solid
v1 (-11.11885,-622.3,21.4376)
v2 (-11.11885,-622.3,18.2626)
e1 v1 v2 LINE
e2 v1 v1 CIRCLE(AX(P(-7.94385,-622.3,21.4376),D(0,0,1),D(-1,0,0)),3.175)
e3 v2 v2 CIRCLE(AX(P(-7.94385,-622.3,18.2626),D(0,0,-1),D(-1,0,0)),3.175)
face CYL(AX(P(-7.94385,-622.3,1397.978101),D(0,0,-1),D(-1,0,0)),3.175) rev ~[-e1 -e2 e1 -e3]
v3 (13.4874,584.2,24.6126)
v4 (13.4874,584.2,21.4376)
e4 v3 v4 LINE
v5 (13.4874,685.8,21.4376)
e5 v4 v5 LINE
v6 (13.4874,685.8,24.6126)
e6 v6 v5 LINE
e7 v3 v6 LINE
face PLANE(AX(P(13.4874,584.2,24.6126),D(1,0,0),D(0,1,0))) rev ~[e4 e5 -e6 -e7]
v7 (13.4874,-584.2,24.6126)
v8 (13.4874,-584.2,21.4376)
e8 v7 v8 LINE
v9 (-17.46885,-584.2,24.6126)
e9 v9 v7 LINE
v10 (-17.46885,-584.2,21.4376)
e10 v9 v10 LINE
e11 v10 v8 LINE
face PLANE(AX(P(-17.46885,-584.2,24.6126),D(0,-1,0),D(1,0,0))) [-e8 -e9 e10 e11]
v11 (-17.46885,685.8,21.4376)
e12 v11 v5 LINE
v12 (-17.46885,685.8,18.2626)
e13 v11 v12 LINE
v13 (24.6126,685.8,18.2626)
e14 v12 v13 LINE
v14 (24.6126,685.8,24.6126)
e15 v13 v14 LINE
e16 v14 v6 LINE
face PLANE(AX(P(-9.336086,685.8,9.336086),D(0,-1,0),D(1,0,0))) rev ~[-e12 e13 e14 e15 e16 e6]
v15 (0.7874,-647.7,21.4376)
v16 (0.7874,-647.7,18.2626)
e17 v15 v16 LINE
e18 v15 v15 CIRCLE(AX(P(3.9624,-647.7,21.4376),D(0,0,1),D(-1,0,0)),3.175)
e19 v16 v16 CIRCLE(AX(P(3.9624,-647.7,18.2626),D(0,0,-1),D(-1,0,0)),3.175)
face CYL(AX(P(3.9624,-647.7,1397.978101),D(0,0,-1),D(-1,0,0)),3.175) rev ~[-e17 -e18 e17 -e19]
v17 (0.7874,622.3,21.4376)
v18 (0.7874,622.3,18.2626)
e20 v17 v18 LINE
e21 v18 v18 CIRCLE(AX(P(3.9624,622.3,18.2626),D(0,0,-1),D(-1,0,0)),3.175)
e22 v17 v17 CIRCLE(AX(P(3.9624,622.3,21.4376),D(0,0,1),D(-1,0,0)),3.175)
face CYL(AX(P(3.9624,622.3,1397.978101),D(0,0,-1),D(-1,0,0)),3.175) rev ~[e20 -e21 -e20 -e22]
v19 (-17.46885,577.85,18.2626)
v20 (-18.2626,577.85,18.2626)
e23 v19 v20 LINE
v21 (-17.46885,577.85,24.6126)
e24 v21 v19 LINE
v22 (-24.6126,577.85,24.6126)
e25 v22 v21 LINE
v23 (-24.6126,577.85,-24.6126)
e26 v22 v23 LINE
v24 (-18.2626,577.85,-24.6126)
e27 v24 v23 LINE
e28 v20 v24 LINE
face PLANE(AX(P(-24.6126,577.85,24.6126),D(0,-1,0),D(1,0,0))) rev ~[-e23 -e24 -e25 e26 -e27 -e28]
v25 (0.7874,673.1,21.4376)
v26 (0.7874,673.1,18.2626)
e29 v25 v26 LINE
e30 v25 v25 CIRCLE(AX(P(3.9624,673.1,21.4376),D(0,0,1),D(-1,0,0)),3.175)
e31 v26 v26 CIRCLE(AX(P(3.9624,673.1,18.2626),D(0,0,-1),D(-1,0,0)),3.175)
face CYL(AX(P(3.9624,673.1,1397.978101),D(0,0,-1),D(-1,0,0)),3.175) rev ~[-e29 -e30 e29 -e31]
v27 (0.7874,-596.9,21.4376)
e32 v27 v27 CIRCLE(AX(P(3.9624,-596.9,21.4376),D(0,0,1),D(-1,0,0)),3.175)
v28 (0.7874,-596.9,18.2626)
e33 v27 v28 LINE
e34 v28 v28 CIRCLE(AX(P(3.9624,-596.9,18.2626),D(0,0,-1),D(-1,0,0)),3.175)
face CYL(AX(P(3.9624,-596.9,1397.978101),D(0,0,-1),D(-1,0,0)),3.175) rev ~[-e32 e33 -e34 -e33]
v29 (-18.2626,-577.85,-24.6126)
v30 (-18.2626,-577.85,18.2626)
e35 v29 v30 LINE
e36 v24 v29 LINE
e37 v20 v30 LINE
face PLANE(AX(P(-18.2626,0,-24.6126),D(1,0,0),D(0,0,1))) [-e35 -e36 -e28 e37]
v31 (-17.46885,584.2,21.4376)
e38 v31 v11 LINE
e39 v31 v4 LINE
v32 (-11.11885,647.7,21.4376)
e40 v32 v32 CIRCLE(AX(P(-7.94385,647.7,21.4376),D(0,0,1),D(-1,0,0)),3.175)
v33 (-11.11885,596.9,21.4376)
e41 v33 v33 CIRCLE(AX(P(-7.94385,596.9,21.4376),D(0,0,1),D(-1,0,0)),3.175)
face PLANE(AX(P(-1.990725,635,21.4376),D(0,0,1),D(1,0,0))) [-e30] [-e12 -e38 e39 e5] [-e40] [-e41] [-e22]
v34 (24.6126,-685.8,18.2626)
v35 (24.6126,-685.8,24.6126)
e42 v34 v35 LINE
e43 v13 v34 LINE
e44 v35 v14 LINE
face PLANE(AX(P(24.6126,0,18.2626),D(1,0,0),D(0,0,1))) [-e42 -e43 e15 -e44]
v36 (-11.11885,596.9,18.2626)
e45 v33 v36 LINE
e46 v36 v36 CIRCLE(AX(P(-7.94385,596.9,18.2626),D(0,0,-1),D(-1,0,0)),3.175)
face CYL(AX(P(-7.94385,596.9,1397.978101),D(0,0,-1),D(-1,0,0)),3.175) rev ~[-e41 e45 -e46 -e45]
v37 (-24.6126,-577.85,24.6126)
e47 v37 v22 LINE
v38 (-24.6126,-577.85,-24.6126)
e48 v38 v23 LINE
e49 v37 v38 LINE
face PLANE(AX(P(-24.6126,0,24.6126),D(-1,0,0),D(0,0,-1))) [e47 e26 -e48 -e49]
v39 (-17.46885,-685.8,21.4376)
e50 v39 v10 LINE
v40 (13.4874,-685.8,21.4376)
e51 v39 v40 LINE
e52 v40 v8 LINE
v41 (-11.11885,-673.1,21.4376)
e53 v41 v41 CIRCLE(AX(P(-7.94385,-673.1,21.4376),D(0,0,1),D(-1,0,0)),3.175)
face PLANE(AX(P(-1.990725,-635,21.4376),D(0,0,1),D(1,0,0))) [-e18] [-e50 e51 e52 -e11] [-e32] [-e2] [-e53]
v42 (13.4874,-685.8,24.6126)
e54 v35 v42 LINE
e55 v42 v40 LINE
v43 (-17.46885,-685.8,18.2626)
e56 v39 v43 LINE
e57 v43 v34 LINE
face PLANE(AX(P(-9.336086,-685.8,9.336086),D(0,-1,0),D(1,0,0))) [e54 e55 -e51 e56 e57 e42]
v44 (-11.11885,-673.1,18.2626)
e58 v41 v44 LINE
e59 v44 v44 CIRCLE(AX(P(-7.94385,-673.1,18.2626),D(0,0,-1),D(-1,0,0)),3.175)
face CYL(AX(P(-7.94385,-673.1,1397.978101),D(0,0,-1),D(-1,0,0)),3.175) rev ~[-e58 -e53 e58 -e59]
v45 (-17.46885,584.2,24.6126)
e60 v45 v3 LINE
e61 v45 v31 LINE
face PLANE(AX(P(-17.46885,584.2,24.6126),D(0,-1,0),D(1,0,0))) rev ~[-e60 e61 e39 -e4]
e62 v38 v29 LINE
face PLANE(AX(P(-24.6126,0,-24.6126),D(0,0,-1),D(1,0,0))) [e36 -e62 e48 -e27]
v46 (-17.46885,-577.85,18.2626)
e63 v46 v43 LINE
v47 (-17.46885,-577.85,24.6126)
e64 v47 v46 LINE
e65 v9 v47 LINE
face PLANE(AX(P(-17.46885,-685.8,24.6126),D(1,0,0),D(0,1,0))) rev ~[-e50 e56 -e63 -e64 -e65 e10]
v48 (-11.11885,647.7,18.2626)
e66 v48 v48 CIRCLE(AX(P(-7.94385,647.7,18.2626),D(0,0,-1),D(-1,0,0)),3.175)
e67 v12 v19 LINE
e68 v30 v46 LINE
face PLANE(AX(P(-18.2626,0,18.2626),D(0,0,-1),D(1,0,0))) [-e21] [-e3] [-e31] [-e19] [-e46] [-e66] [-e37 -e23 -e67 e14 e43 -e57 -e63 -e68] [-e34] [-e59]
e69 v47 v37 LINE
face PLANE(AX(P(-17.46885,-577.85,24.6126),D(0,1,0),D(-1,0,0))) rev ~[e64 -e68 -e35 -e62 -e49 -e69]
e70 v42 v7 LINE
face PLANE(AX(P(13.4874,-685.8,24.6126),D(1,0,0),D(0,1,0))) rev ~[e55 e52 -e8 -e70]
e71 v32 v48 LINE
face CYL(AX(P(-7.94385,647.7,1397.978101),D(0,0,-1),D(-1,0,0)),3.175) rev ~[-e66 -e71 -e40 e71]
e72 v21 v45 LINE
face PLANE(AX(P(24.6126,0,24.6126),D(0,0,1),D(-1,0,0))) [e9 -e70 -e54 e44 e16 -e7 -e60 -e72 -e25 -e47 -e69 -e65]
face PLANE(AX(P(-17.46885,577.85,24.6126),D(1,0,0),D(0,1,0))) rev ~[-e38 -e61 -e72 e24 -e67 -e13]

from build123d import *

# Parameters (mm, degrees)
F1_DEPTH = 685.8
F2_W     = 30.95625
F2_H     = 101.6
F2_R     = 3.175
F3_DEPTH = 3.175
F4_DEPTH = 49.2262
F5_D     = 6.35


with BuildPart() as f1:
    # F0 (on Front) → F1 (new body, symmetric)
    with BuildSketch(Plane.XZ):
        Polygon((-24.6126, -24.6126), (-18.2626, -24.6126), (-18.2626, 18.2626), (24.6126, 18.2626), (24.6126, 24.6126), (-24.6126, 24.6126), align=None)
    extrude(amount=F1_DEPTH, both=True)

    # F2 (on face) → F3 (cut)
    with BuildSketch(Plane.XY.offset(24.6126)):
        with Locations((-1.990725, -635)):
            Rectangle(F2_W, F2_H)
        with Locations((-7.94385, -673.1)):
            Circle(F2_R, mode=Mode.SUBTRACT)
        with Locations((-7.94385, -622.3)):
            Circle(F2_R, mode=Mode.SUBTRACT)
        with Locations((3.9624, -647.7)):
            Circle(F2_R, mode=Mode.SUBTRACT)
        with Locations((3.9624, -596.9)):
            Circle(F2_R, mode=Mode.SUBTRACT)
        with Locations((-1.990725, 635)):
            Rectangle(F2_W, F2_H)
        with Locations((-7.94385, 596.9)):
            Circle(F2_R, mode=Mode.SUBTRACT)
        with Locations((-7.94385, 647.7)):
            Circle(F2_R, mode=Mode.SUBTRACT)
        with Locations((3.9624, 622.3)):
            Circle(F2_R, mode=Mode.SUBTRACT)
        with Locations((3.9624, 673.1)):
            Circle(F2_R, mode=Mode.SUBTRACT)
    extrude(amount=-F3_DEPTH, mode=Mode.SUBTRACT)

    # F2 (on face) → F4 (cut, through all)
    with BuildSketch(Plane.XY.offset(24.6126)):
        Polygon((-24.6126, 685.8), (-24.6126, 577.85), (-17.46885, 577.85), (-17.46885, 584.2), (-17.46885, 685.8), align=None)
        Polygon((-24.6126, -577.85), (-24.6126, -685.8), (-17.46885, -685.8), (-17.46885, -584.2), (-17.46885, -577.85), align=None)
    extrude(amount=-F4_DEPTH, mode=Mode.SUBTRACT)

    # F5 (through all)
    with Locations(Plane.XY.offset(24.6126)):
        with Locations((-7.94385, -673.1), (3.9624, -647.7), (-7.94385, -622.3), (3.9624, -596.9), (-7.94385, 647.7), (3.9624, 673.1), (3.9624, 622.3), (-7.94385, 596.9)):
            Hole(F5_D / 2)


solid = f1.part
